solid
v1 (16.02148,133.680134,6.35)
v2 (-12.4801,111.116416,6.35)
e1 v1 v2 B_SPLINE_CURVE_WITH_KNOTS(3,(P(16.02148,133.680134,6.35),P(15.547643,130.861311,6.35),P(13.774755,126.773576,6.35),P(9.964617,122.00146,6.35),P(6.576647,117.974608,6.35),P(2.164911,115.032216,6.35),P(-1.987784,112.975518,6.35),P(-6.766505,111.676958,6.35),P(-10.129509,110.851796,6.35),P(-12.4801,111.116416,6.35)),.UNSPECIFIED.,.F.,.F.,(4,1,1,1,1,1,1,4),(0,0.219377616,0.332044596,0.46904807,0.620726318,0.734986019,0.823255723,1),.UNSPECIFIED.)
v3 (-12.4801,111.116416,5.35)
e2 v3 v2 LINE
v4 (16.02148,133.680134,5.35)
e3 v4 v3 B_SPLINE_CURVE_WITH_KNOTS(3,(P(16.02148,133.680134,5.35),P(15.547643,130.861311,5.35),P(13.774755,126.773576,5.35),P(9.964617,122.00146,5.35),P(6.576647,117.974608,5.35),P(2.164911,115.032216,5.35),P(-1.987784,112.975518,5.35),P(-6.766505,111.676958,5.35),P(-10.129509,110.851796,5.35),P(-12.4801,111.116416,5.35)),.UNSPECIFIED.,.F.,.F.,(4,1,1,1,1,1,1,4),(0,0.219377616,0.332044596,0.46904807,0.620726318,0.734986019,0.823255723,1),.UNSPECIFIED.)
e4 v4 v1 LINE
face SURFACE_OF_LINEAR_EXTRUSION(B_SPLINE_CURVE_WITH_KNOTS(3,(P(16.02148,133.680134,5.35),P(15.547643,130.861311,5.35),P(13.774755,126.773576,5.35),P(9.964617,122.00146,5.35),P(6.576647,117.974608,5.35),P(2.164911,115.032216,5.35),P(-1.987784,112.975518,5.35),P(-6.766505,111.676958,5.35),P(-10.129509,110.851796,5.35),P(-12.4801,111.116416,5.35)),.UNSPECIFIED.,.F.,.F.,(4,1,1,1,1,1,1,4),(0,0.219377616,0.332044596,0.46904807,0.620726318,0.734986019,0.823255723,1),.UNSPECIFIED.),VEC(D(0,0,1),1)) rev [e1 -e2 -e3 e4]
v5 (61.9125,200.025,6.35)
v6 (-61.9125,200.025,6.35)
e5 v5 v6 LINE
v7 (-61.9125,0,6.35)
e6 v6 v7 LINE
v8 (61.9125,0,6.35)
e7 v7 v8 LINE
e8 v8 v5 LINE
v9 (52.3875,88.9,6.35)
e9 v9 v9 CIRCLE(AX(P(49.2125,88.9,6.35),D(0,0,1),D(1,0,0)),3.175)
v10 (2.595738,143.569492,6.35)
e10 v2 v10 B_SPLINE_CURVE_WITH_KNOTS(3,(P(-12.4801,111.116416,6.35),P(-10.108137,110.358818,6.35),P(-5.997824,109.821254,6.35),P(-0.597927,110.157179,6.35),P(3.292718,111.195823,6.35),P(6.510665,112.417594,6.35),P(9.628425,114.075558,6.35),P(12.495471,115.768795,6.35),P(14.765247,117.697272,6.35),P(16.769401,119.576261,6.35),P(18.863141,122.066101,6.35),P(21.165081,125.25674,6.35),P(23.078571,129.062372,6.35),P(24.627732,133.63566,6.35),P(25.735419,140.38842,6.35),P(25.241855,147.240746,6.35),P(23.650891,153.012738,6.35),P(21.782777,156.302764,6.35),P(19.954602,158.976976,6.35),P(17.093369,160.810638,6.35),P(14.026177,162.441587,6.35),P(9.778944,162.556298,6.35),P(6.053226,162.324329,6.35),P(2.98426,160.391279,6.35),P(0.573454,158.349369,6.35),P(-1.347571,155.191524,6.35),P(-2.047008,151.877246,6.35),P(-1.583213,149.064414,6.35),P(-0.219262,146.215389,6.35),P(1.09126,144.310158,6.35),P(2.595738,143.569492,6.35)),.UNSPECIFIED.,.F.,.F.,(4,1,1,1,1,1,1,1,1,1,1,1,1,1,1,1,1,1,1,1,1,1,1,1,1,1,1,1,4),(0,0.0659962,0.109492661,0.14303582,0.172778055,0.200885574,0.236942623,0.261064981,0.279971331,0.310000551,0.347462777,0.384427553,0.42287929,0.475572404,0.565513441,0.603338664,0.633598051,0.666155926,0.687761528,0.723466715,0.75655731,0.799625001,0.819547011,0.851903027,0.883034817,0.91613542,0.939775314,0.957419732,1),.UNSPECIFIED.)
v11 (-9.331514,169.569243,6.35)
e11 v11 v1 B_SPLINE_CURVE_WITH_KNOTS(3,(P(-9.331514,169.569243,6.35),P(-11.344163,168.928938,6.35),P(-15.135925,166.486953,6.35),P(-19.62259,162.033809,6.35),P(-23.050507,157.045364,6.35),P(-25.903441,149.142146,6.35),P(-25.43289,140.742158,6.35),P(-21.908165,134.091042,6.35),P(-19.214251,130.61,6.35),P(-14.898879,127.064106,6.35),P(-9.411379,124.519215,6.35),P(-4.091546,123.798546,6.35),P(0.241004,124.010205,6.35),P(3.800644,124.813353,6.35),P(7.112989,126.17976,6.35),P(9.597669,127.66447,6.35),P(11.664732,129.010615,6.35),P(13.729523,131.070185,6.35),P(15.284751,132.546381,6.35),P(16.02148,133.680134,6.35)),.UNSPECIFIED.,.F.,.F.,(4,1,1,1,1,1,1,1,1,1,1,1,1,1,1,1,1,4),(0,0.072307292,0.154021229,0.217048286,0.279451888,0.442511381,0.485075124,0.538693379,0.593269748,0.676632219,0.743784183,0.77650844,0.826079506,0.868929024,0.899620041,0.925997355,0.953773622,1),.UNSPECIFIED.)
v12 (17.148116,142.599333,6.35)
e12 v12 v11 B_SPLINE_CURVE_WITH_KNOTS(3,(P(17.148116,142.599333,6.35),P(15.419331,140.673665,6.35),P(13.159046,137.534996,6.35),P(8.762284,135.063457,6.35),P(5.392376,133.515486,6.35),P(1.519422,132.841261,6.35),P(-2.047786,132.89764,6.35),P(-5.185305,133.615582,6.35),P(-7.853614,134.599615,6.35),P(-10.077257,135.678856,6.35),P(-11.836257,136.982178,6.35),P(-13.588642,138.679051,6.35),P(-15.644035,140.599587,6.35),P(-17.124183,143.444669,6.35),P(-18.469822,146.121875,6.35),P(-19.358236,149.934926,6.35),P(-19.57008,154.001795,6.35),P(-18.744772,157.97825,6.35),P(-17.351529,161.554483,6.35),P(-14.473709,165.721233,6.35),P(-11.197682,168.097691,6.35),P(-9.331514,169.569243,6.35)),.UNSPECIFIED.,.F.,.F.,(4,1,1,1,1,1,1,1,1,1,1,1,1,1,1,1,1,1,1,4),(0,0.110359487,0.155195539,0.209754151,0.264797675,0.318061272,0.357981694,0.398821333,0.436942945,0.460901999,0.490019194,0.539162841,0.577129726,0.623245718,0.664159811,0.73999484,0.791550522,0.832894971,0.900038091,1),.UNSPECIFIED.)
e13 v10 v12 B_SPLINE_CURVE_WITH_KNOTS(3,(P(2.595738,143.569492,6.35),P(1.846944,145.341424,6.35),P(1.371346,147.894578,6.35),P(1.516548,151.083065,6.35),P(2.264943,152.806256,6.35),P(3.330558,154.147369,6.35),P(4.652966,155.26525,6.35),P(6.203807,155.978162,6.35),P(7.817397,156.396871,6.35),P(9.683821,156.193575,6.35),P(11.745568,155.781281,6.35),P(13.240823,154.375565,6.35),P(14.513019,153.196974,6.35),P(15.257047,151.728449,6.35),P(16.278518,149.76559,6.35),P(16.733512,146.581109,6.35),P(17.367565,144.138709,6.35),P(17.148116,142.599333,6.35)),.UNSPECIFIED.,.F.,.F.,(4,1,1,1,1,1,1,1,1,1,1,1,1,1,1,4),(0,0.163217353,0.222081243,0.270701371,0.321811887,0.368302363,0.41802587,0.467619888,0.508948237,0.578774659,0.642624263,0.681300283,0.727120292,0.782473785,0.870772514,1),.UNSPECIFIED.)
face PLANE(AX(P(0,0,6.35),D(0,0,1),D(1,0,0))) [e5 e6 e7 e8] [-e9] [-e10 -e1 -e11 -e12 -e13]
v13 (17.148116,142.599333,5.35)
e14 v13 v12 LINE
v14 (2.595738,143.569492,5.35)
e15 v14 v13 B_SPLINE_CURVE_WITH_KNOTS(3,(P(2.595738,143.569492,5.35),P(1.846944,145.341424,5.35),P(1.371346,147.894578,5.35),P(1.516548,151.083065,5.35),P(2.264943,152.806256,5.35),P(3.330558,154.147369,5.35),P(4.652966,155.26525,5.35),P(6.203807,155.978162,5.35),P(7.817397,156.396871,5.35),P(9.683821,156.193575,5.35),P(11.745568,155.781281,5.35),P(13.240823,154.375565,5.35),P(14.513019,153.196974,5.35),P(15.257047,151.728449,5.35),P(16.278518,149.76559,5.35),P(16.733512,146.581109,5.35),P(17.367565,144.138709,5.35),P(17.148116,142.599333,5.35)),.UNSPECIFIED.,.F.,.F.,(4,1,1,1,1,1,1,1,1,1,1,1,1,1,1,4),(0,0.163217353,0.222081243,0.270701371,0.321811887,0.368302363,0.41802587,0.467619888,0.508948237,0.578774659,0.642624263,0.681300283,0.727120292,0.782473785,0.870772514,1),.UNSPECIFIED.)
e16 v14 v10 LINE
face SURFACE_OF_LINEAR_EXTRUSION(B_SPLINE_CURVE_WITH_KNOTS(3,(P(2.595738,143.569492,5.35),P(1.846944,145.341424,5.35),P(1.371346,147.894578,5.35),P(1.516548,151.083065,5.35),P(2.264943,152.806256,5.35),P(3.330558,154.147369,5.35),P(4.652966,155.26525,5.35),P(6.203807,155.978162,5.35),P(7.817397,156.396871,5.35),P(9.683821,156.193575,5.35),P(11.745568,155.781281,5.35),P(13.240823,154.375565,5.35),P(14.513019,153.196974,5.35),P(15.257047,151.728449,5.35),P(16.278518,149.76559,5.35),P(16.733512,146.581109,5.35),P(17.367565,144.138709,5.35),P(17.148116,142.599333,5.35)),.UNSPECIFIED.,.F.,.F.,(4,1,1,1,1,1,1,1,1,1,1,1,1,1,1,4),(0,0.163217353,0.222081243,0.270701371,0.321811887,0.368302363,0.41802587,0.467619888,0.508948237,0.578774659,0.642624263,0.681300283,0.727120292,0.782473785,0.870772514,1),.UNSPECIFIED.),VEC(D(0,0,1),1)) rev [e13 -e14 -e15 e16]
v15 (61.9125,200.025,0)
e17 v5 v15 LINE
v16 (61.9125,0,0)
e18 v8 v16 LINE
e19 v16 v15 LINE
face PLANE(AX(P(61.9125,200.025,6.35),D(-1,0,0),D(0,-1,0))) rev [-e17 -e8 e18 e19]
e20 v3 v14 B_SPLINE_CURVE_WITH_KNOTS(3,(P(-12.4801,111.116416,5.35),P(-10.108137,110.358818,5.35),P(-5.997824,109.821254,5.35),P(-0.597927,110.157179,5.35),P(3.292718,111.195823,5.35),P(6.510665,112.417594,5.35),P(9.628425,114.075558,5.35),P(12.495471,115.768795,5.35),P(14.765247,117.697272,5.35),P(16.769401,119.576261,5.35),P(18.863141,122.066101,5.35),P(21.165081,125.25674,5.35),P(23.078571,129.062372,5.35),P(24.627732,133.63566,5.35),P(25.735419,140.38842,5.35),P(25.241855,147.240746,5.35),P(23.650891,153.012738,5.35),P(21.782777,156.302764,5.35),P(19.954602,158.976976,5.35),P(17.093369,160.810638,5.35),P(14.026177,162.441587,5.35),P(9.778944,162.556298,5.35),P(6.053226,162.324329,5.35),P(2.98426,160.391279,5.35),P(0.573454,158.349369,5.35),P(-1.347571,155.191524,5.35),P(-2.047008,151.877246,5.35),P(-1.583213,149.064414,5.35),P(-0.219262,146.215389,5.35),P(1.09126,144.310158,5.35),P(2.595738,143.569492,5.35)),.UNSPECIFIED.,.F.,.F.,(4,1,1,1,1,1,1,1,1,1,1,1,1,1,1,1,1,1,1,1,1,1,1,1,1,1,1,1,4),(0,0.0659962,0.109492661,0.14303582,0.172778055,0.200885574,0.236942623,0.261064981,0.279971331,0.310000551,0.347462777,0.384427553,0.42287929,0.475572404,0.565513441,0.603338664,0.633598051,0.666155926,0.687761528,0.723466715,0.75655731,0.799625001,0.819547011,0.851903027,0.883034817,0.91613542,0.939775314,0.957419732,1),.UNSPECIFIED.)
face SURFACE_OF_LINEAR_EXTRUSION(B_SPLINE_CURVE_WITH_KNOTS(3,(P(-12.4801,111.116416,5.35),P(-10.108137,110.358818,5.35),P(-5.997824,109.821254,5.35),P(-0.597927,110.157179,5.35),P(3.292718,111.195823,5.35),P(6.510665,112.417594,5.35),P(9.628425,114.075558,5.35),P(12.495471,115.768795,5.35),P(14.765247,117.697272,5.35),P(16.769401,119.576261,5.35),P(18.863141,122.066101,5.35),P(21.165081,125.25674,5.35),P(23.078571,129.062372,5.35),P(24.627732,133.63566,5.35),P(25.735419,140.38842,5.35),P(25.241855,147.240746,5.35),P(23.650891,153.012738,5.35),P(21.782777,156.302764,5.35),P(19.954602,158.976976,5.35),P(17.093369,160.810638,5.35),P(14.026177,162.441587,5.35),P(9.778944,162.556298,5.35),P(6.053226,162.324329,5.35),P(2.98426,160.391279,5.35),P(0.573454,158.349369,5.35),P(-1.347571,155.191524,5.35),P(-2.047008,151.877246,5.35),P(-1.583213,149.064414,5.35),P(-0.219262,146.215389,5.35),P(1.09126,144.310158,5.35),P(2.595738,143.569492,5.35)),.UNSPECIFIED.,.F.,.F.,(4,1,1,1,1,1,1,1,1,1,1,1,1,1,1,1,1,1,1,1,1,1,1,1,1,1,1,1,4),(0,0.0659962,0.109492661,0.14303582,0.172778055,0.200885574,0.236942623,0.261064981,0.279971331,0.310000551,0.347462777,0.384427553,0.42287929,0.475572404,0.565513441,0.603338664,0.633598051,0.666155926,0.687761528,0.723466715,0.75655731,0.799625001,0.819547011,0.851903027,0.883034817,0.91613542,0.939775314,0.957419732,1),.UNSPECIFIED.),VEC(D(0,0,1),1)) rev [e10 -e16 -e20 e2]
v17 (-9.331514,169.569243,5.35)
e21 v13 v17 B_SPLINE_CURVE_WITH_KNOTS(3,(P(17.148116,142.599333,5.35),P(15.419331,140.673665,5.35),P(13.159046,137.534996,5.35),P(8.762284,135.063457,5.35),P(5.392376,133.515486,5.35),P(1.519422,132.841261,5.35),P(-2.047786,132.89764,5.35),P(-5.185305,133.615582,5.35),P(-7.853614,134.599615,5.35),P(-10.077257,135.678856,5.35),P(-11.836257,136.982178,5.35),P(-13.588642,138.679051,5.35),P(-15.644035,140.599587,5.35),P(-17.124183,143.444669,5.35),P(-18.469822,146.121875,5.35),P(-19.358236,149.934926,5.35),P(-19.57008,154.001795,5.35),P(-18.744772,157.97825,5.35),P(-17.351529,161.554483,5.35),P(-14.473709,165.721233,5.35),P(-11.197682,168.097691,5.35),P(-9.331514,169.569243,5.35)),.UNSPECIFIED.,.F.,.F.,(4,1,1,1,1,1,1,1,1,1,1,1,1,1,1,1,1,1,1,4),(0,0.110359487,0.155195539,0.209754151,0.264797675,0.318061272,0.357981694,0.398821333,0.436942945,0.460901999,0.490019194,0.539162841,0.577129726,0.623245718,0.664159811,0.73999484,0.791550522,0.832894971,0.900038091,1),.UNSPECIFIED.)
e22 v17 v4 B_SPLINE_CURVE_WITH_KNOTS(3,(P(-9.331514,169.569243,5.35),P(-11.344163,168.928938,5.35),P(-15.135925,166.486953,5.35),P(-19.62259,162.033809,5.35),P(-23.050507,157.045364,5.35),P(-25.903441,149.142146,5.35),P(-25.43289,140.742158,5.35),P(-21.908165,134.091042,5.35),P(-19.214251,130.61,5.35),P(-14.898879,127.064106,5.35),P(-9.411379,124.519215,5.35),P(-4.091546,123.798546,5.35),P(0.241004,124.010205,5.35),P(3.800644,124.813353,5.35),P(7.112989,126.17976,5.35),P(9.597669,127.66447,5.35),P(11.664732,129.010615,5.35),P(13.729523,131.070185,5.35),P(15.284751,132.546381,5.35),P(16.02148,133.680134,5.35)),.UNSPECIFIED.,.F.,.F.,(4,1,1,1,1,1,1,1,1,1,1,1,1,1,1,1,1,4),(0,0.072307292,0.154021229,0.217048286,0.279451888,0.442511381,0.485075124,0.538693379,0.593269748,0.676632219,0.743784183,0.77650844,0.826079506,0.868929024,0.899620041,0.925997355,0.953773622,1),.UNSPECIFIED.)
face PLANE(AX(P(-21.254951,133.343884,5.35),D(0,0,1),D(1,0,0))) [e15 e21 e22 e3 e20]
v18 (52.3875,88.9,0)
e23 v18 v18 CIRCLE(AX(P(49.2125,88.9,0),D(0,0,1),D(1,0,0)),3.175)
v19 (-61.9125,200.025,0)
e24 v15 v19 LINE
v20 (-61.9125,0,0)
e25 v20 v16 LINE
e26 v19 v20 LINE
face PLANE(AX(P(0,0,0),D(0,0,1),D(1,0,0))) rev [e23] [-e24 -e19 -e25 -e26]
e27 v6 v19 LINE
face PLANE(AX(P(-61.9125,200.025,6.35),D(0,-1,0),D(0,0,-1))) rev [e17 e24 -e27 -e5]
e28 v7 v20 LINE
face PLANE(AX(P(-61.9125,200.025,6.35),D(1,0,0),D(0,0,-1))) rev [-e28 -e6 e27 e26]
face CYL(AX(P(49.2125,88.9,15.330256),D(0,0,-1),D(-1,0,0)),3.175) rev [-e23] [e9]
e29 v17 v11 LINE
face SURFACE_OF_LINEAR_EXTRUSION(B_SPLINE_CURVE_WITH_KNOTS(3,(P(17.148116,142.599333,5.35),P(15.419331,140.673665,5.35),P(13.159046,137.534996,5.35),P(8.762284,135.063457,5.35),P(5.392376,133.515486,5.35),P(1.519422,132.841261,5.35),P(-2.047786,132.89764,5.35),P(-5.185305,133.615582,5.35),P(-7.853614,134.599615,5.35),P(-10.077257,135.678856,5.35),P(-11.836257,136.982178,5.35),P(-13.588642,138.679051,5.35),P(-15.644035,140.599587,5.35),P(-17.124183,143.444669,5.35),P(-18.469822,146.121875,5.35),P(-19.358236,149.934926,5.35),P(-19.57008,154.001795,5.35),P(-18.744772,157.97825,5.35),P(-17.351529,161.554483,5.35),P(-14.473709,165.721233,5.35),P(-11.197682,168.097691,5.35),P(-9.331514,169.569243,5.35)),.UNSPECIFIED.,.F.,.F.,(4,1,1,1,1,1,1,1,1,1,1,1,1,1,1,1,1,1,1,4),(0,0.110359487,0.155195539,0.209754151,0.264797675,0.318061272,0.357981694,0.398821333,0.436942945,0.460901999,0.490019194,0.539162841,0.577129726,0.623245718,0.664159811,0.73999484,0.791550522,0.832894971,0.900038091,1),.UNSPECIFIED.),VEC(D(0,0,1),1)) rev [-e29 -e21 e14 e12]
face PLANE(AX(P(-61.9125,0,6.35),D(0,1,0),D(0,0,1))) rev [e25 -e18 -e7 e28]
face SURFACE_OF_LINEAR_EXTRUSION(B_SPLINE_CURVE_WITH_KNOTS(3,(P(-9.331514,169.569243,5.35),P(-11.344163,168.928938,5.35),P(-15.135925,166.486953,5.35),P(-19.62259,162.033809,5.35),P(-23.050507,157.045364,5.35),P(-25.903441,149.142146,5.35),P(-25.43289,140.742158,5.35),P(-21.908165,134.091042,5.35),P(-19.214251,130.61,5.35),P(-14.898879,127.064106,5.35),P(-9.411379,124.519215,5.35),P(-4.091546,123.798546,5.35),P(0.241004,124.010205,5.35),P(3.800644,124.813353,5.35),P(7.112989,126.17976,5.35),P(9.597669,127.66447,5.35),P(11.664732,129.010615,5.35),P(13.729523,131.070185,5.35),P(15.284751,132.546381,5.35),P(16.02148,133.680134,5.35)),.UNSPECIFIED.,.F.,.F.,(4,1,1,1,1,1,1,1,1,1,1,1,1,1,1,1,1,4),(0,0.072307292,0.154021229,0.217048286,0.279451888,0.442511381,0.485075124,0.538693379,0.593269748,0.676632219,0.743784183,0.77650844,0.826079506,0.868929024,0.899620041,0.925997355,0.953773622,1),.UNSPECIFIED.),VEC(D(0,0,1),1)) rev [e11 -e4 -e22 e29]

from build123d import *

# Parameters (mm, degrees)
SKETCH1_W           = 123.825
SKETCH1_H           = 200.025
BOSS_EXTRUDE1_DEPTH = 6.35
CUT_EXTRUDE1_DEPTH  = 1
SKETCH3_R           = 3.175
CUT_EXTRUDE5_DEPTH  = 6.35


with BuildPart() as part:
    # Sketch1 → Boss-Extrude1 (new body)
    with BuildSketch(Plane.XY):
        with Locations((0, 100.0125)):
            Rectangle(SKETCH1_W, SKETCH1_H)
    extrude(amount=BOSS_EXTRUDE1_DEPTH)

    # Sketch2 → Cut-Extrude1 (cut)
    with BuildSketch(Plane.XY.offset(6.35)):
        with BuildLine():
            add(Edge.make_bspline(
                [(-9.3315137, 169.569243245), (-11.197682458, 168.0976913), (-14.473708818, 165.721233019), (-17.3515287, 161.55448265), (-18.744772102, 157.97825035), (-19.57008031, 154.001795446), (-19.358235831, 149.934925708), (-18.469822241, 146.12187465), (-17.124182712, 143.444668775), (-15.644034584, 140.599586864), (-13.588642306, 138.679050764), (-11.836257338, 136.982177805), (-10.077256706, 135.678856281), (-7.853613512, 134.599615465), (-5.185304822, 133.61558172), (-2.047786445, 132.897639564), (1.519421734, 132.841261276), (5.39237554, 133.515486042), (8.762284385, 135.063456784), (13.159045788, 137.534995882), (15.41933096, 140.673664776), (17.148115982, 142.599332984)],
                knots=[0, 0, 0, 0, 0.099961909, 0.167105029, 0.208449478, 0.26000516, 0.335840189, 0.376754282, 0.422870274, 0.460837159, 0.509980806, 0.539098001, 0.563057055, 0.601178667, 0.642018306, 0.681938728, 0.735202325, 0.790245849, 0.844804461, 0.889640513, 1, 1, 1, 1], degree=3))
            add(Edge.make_bspline(
                [(17.148115982, 142.599332984), (17.367564898, 144.13870869), (16.733511702, 146.581109303), (16.27851799, 149.765590012), (15.257046991, 151.728449354), (14.513019179, 153.196973861), (13.240823028, 154.375565069), (11.745568369, 155.781281157), (9.683821258, 156.19357481), (7.817396792, 156.396871018), (6.203806641, 155.97816213), (4.652965895, 155.265249531), (3.330558451, 154.147368605), (2.264943334, 152.806256443), (1.516548282, 151.083064738), (1.371346174, 147.894578102), (1.84694368, 145.341424214), (2.595738039, 143.569491513)],
                knots=[0, 0, 0, 0, 0.129227486, 0.217526215, 0.272879708, 0.318699717, 0.357375737, 0.421225341, 0.491051763, 0.532380112, 0.58197413, 0.631697637, 0.678188113, 0.729298629, 0.777918757, 0.836782647, 1, 1, 1, 1], degree=3))
            add(Edge.make_bspline(
                [(2.595738039, 143.569491513), (1.091260425, 144.310158379), (-0.219261636, 146.215388888), (-1.583212927, 149.064413701), (-2.047008332, 151.87724563), (-1.347571294, 155.191523623), (0.573453598, 158.349369243), (2.984260186, 160.391278639), (6.053225923, 162.32432944), (9.778943871, 162.556297831), (14.026176553, 162.441587138), (17.093369221, 160.81063786), (19.954602244, 158.976975505), (21.782777067, 156.302763768), (23.650890625, 153.012737551), (25.241855425, 147.240745591), (25.735418593, 140.388419647), (24.627732078, 133.63565983), (23.078571098, 129.062371922), (21.165081325, 125.256739903), (18.863141262, 122.066101255), (16.769401407, 119.576261489), (14.765247422, 117.697271946), (12.495470846, 115.768794509), (9.628425201, 114.075558071), (6.510664621, 112.417594108), (3.292717559, 111.195822905), (-0.597926715, 110.157178984), (-5.997823526, 109.821254189), (-10.108137267, 110.358818405), (-12.480099704, 111.116416453)],
                knots=[0, 0, 0, 0, 0.042580268, 0.060224686, 0.08386458, 0.116965183, 0.148096973, 0.180452989, 0.200374999, 0.24344269, 0.276533285, 0.312238472, 0.333844074, 0.366401949, 0.396661336, 0.434486559, 0.524427596, 0.57712071, 0.615572447, 0.652537223, 0.689999449, 0.720028669, 0.738935019, 0.763057377, 0.799114426, 0.827221945, 0.85696418, 0.890507339, 0.9340038, 1, 1, 1, 1], degree=3))
            add(Edge.make_bspline(
                [(-12.480099704, 111.116416453), (-10.129509341, 110.851795977), (-6.766504791, 111.676958112), (-1.98778411, 112.975517751), (2.16491123, 115.032216309), (6.576646899, 117.974608303), (9.964617235, 122.001460334), (13.774755311, 126.773576412), (15.547642905, 130.861311443), (16.02148027, 133.6801336)],
                knots=[0, 0, 0, 0, 0.176744277, 0.265013981, 0.379273682, 0.53095193, 0.667955404, 0.780622384, 1, 1, 1, 1], degree=3))
            add(Edge.make_bspline(
                [(16.02148027, 133.6801336), (15.284751167, 132.546381486), (13.729522727, 131.07018515), (11.664732098, 129.010614657), (9.597669158, 127.664469948), (7.112988668, 126.179760231), (3.800643978, 124.813352957), (0.241003836, 124.010205105), (-4.0915461, 123.798546407), (-9.411378564, 124.519214898), (-14.89887892, 127.064106493), (-19.214250688, 130.610000296), (-21.908165408, 134.091041706), (-25.432890172, 140.742158426), (-25.903440928, 149.142146476), (-23.050507432, 157.045363775), (-19.622590138, 162.033808821), (-15.135925354, 166.48695288), (-11.34416307, 168.928938218), (-9.3315137, 169.569243245)],
                knots=[0, 0, 0, 0, 0.046226378, 0.074002645, 0.100379959, 0.131070976, 0.173920494, 0.22349156, 0.256215817, 0.323367781, 0.406730252, 0.461306621, 0.514924876, 0.557488619, 0.720548112, 0.782951714, 0.845978771, 0.927692708, 1, 1, 1, 1], degree=3))
        make_face()
    extrude(amount=-CUT_EXTRUDE1_DEPTH, mode=Mode.SUBTRACT)

    # Sketch3 → Cut-Extrude5 (cut)
    with BuildSketch(Plane.XY):
        with Locations((49.2125, 88.9)):
            Circle(SKETCH3_R)
    extrude(amount=CUT_EXTRUDE5_DEPTH, mode=Mode.SUBTRACT)


solid = part.part
